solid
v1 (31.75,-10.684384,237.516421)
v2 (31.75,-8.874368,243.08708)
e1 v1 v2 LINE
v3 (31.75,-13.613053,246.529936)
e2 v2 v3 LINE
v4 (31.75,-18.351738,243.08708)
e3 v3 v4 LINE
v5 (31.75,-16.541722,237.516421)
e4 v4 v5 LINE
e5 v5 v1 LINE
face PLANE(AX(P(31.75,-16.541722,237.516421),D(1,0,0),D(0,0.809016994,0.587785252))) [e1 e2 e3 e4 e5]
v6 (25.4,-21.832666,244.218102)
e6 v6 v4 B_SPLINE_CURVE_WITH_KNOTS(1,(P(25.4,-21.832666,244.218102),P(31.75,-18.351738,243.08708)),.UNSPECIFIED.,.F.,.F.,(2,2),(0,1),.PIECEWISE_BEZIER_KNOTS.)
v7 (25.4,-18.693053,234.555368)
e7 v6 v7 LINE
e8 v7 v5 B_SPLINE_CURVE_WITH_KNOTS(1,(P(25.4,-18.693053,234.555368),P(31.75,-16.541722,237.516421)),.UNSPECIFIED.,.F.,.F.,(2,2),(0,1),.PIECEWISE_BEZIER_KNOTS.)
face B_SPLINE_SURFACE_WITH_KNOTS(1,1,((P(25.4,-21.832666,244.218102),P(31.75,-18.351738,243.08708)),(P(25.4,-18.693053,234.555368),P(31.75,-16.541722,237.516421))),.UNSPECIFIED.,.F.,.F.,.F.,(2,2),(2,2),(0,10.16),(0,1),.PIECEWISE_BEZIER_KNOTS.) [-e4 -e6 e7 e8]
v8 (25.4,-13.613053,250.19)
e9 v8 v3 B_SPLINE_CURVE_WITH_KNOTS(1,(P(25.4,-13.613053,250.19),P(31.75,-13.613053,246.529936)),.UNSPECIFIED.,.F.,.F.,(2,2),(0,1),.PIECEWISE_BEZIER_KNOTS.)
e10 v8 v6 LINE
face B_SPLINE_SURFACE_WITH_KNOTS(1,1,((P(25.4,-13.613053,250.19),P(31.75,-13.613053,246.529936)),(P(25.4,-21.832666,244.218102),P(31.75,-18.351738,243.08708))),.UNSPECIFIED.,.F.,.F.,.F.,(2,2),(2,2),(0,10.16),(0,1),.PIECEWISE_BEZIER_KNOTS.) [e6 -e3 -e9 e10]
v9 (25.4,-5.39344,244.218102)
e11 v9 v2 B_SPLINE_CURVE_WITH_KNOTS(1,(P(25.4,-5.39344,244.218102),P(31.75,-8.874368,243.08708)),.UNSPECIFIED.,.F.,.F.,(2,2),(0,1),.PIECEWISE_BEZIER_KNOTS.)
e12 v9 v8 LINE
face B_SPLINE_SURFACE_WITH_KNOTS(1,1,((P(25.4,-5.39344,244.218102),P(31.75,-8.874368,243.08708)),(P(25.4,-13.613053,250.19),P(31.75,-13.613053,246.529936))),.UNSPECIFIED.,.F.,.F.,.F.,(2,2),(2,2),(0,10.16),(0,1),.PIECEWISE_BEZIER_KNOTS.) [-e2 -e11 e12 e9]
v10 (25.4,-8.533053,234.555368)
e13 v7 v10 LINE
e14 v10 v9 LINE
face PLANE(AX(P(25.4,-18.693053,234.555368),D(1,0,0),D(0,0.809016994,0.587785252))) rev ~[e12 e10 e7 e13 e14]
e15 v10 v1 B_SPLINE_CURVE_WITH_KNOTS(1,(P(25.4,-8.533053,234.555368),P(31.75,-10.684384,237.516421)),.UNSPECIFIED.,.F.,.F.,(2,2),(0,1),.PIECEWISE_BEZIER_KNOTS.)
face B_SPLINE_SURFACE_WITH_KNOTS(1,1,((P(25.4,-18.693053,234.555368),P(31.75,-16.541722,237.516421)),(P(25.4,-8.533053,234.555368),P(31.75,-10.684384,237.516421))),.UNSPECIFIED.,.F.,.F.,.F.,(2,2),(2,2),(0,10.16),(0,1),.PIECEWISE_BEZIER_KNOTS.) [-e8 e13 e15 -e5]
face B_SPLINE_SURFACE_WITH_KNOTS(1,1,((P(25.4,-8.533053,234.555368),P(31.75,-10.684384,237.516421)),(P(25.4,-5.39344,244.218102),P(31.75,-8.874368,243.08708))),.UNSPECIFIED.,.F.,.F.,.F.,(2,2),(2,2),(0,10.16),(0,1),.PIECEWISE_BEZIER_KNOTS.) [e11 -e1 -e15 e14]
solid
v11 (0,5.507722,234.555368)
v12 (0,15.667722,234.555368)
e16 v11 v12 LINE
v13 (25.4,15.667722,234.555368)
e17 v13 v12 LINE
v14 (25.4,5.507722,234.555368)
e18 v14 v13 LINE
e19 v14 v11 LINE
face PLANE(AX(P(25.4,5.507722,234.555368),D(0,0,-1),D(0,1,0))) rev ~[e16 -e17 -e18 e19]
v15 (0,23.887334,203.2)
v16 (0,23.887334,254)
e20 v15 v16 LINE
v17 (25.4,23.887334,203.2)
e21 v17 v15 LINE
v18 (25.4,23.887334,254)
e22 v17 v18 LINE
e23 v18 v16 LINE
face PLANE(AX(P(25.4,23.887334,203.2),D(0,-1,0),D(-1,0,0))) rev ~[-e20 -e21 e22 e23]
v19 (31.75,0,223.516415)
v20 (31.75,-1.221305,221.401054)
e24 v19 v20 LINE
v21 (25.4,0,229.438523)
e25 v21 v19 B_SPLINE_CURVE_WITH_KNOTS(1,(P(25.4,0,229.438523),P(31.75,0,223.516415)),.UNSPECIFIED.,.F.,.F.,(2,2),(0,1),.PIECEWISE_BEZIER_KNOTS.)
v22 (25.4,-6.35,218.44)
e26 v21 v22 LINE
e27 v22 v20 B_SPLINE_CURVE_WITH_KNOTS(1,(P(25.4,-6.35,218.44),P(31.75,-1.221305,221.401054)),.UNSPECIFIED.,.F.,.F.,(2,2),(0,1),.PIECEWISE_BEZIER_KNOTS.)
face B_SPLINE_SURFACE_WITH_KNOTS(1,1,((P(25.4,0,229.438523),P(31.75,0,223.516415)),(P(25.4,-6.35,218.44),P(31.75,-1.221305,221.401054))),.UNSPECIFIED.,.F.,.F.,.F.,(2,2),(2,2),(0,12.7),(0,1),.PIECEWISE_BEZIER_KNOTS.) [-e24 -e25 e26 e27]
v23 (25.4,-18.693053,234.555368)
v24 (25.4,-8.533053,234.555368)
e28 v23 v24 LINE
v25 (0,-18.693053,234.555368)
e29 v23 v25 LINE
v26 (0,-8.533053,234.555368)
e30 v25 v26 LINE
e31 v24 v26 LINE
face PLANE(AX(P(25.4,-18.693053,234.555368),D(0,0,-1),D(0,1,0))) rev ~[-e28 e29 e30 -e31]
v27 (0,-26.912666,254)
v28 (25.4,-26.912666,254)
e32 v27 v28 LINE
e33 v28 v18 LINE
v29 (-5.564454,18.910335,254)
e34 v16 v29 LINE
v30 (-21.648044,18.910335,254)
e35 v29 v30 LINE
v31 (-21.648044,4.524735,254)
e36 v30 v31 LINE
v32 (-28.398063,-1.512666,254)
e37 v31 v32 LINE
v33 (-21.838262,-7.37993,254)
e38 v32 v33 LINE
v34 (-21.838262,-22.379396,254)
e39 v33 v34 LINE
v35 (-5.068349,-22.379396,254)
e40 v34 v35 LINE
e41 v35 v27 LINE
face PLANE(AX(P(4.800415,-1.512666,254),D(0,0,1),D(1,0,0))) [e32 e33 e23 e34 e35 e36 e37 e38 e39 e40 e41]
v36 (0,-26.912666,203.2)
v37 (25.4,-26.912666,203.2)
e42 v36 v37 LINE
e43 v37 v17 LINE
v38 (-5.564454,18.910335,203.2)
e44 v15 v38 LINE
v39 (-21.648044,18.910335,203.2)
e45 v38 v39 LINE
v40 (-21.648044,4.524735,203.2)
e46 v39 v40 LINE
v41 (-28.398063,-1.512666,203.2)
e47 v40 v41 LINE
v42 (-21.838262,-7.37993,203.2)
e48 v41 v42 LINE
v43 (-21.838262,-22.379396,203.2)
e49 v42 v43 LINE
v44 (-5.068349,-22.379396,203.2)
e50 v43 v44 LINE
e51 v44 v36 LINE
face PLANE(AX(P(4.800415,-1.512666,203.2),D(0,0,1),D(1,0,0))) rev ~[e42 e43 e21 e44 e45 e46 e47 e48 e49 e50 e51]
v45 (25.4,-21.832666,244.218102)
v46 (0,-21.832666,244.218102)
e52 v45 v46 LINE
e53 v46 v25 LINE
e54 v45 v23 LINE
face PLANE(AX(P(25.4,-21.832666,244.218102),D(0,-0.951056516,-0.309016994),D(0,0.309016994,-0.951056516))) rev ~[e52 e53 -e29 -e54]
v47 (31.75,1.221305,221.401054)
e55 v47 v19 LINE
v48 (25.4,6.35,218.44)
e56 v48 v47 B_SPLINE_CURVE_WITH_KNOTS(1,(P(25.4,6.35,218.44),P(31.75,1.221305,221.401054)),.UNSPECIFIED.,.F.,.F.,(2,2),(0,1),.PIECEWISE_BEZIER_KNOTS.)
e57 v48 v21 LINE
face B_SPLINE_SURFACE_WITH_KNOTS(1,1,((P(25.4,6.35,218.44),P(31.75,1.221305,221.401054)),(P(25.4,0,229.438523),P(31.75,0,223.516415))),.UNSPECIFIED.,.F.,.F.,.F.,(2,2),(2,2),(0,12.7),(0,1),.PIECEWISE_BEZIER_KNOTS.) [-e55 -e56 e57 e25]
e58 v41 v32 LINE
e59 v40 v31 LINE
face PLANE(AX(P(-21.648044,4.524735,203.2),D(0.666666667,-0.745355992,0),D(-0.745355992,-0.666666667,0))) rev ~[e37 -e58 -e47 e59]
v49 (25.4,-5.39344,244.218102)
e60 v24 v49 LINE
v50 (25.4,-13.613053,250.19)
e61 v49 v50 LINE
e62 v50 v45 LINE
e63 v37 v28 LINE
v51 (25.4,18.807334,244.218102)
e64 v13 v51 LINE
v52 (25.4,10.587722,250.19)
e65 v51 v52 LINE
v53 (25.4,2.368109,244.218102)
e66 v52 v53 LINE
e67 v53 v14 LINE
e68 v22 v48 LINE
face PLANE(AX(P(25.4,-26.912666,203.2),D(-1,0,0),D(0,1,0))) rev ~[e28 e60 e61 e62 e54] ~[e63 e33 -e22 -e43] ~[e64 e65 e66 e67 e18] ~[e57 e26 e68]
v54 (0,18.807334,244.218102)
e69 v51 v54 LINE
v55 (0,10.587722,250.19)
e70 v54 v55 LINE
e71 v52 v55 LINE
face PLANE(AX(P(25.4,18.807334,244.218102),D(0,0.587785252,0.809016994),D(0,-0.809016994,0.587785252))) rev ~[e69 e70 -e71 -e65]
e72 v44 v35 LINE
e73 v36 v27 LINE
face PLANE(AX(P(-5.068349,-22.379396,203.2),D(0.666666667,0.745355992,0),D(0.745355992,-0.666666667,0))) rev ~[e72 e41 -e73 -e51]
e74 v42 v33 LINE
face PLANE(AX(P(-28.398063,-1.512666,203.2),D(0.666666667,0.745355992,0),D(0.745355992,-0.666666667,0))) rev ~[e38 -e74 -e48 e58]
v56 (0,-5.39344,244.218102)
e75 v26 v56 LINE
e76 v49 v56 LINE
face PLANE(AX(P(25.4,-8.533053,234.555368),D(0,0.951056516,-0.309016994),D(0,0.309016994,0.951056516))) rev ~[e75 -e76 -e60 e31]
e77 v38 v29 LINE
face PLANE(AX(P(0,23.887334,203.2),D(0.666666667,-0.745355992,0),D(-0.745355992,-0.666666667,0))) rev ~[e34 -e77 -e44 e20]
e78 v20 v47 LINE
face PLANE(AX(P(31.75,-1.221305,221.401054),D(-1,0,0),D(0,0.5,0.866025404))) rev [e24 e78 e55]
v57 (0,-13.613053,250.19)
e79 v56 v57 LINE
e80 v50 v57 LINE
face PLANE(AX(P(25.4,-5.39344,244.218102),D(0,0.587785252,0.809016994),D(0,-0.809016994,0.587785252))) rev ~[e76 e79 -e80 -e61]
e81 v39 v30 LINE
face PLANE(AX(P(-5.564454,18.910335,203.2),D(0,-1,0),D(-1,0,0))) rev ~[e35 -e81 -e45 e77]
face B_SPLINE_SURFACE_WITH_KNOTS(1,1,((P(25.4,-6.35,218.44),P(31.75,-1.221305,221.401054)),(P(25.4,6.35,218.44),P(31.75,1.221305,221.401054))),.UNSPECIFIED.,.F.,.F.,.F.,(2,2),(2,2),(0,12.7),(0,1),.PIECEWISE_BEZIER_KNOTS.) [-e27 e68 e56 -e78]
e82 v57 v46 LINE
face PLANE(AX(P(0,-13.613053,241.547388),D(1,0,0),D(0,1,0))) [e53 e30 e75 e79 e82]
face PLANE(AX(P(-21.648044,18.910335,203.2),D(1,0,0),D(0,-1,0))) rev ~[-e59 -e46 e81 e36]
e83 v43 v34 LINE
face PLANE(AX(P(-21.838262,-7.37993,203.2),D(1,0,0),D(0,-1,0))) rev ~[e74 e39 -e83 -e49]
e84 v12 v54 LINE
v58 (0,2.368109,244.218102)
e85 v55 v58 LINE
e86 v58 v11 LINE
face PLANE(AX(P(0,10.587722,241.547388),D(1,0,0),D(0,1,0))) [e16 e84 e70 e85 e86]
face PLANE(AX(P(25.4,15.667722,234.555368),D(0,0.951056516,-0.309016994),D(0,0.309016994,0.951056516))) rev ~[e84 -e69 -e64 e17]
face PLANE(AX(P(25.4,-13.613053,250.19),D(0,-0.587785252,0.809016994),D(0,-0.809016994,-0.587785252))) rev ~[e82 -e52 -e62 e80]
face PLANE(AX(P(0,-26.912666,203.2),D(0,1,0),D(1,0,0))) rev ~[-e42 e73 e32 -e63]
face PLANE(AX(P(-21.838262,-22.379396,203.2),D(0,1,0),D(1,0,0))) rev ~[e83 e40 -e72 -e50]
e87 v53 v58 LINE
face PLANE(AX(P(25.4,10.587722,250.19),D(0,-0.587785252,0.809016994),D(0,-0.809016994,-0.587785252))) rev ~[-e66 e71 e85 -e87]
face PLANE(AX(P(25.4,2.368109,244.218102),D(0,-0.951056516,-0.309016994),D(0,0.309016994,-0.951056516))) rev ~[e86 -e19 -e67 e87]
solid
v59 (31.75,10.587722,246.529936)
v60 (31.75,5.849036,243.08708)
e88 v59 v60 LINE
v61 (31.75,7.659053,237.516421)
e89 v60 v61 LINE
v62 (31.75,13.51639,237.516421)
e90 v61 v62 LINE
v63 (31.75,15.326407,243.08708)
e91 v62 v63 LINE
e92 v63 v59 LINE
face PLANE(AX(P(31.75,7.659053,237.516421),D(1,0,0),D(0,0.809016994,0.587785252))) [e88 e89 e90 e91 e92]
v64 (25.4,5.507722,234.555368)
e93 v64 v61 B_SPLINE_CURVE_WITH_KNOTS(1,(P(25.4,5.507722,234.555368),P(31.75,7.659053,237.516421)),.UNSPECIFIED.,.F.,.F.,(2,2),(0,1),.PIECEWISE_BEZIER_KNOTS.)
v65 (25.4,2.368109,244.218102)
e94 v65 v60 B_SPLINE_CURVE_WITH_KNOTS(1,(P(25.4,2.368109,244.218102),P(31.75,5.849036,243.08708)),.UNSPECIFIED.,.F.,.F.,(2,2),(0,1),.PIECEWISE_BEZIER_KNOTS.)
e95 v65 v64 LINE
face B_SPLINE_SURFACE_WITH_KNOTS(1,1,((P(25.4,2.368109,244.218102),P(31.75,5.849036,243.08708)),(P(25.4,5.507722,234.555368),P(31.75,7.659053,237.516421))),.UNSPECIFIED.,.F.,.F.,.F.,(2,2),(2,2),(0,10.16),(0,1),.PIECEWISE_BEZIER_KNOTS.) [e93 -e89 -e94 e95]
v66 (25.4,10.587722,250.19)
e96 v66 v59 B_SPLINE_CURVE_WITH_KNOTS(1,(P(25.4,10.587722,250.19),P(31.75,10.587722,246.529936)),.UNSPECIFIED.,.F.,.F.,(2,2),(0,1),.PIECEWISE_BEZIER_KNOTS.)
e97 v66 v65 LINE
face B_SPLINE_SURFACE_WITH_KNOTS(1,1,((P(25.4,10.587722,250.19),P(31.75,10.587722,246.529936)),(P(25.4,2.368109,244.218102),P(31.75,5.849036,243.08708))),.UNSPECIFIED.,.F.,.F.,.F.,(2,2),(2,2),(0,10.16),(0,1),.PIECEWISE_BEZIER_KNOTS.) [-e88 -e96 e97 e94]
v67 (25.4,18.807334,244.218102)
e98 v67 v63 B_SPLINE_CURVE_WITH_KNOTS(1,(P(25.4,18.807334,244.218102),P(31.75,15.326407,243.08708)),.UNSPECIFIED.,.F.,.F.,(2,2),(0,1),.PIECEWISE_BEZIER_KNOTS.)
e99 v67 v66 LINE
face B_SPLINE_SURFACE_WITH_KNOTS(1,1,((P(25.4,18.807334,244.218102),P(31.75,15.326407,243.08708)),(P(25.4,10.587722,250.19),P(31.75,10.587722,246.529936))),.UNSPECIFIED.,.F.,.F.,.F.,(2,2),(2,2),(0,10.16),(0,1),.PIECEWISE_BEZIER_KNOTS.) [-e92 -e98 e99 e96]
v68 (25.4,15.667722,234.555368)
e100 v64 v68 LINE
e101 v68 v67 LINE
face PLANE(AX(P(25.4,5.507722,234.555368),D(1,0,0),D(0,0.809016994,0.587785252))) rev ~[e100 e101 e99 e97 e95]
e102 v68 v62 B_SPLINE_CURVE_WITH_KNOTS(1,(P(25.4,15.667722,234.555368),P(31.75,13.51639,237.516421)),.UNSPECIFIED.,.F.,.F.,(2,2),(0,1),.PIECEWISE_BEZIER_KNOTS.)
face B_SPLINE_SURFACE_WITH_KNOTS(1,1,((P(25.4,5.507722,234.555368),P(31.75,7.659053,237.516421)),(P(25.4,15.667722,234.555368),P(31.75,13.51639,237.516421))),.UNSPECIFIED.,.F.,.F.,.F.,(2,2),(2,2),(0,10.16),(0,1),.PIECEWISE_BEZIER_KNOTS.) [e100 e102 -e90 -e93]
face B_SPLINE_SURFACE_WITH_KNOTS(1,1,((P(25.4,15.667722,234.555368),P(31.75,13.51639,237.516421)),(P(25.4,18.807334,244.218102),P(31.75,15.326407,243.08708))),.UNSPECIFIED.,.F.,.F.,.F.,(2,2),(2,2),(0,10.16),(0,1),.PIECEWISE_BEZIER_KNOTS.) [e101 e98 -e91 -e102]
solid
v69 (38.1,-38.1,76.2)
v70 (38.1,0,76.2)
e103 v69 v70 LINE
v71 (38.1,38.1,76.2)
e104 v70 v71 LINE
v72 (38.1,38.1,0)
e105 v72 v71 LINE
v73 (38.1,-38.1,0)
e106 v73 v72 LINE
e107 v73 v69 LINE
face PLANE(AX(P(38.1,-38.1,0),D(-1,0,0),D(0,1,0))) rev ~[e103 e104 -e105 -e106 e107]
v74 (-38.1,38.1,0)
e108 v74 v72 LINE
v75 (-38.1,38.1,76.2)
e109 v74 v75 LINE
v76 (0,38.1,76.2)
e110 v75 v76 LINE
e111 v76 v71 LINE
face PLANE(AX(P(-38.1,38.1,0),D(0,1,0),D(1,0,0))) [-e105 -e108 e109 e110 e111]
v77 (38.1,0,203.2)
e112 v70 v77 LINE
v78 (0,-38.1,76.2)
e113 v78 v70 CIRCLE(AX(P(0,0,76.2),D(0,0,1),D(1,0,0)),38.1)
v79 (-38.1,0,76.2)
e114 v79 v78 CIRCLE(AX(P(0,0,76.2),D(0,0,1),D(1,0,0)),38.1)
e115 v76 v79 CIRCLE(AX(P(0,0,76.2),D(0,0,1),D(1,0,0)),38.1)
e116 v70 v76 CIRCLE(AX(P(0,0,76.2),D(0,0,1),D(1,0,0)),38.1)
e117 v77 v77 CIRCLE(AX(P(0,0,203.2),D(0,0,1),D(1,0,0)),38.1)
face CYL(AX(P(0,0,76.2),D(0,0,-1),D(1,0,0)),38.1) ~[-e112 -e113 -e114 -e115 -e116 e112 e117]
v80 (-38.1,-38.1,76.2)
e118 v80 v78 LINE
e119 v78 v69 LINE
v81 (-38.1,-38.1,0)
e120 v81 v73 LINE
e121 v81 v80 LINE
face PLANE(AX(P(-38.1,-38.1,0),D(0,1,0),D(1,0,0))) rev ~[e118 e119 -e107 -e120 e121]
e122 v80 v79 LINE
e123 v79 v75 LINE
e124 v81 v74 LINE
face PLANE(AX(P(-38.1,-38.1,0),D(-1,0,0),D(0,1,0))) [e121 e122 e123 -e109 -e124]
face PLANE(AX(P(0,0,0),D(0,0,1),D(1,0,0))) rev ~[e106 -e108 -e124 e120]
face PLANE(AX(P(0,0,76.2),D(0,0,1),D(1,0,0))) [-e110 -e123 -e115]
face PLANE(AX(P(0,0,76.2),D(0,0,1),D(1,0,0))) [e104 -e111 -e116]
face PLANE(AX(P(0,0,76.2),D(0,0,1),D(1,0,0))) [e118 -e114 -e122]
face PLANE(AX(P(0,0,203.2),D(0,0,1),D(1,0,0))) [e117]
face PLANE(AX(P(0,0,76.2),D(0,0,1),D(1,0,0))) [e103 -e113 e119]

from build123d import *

# Parameters (mm, degrees)
F0_W     = 76.2
F0_H     = 76.2
F1_DEPTH = 76.2
F2_R     = 38.1
F3_DEPTH = 127
F5_DEPTH = 50.8
F7_DEPTH = 25.4
F8_DEPTH = 6.35
F8_TAPER = 25


with BuildPart() as f1:
    # F0 (on Top) → F1 (new body)
    with BuildSketch(Plane.XY):
        Rectangle(F0_W, F0_H)
    extrude(amount=F1_DEPTH)

    # F2 (on face) → F3 (join)
    with BuildSketch(Plane.XY.offset(76.2)):
        Circle(F2_R)
    extrude(amount=F3_DEPTH)


with BuildPart() as f5:
    # F4 (on face) → F5 (new body)
    with BuildSketch(Plane.XY.offset(203.2)):
        Polygon((25.4, 23.8873343915), (0, 23.8873343915), (-5.5644540802, 18.9103353591), (-21.6480437666, 4.5247354147), (-28.3980633142, -1.5126656085), (-21.8382618305, -7.3799304232), (-5.0683489621, -22.3793964833), (0, -26.9126656085), (25.4, -26.9126656085), align=None)
        Polygon((-21.6480437666, 4.5247354147), (-5.5644540802, 18.9103353591), (-21.6480437666, 18.9103353591), align=None)
        Polygon((-21.8382618305, -22.3793964833), (-5.0683489621, -22.3793964833), (-21.8382618305, -7.3799304232), align=None)
    extrude(amount=F5_DEPTH)

    # F6 (on face) → F7 (cut)
    with BuildSketch(Plane.YZ.offset(25.4)):
        Polygon((-18.6930529457, 234.5553676311), (-8.5330529457, 234.5553676311), (-5.3934402828, 244.2181018367), (-13.6130529457, 250.19), (-21.8326656085, 244.2181018367), align=None)
        Polygon((5.5077217286, 234.5553676311), (15.6677217286, 234.5553676311), (18.8073343915, 244.2181018367), (10.5877217286, 250.19), (2.3681090658, 244.2181018367), align=None)
    extrude(amount=-F7_DEPTH, mode=Mode.SUBTRACT)

    # F6 (on face) → F8 (join)
    with BuildSketch(Plane.YZ.offset(25.4)):
        Polygon((-18.6930529457, 234.5553676311), (-8.5330529457, 234.5553676311), (-5.3934402828, 244.2181018367), (-13.6130529457, 250.19), (-21.8326656085, 244.2181018367), align=None)
        Polygon((5.5077217286, 234.5553676311), (15.6677217286, 234.5553676311), (18.8073343915, 244.2181018367), (10.5877217286, 250.19), (2.3681090658, 244.2181018367), align=None)
        Polygon((-6.35, 218.44), (6.35, 218.44), (0, 229.4385226281), align=None)
    extrude(amount=F8_DEPTH, taper=F8_TAPER)


solid = Compound([f1.part, f5.part])
